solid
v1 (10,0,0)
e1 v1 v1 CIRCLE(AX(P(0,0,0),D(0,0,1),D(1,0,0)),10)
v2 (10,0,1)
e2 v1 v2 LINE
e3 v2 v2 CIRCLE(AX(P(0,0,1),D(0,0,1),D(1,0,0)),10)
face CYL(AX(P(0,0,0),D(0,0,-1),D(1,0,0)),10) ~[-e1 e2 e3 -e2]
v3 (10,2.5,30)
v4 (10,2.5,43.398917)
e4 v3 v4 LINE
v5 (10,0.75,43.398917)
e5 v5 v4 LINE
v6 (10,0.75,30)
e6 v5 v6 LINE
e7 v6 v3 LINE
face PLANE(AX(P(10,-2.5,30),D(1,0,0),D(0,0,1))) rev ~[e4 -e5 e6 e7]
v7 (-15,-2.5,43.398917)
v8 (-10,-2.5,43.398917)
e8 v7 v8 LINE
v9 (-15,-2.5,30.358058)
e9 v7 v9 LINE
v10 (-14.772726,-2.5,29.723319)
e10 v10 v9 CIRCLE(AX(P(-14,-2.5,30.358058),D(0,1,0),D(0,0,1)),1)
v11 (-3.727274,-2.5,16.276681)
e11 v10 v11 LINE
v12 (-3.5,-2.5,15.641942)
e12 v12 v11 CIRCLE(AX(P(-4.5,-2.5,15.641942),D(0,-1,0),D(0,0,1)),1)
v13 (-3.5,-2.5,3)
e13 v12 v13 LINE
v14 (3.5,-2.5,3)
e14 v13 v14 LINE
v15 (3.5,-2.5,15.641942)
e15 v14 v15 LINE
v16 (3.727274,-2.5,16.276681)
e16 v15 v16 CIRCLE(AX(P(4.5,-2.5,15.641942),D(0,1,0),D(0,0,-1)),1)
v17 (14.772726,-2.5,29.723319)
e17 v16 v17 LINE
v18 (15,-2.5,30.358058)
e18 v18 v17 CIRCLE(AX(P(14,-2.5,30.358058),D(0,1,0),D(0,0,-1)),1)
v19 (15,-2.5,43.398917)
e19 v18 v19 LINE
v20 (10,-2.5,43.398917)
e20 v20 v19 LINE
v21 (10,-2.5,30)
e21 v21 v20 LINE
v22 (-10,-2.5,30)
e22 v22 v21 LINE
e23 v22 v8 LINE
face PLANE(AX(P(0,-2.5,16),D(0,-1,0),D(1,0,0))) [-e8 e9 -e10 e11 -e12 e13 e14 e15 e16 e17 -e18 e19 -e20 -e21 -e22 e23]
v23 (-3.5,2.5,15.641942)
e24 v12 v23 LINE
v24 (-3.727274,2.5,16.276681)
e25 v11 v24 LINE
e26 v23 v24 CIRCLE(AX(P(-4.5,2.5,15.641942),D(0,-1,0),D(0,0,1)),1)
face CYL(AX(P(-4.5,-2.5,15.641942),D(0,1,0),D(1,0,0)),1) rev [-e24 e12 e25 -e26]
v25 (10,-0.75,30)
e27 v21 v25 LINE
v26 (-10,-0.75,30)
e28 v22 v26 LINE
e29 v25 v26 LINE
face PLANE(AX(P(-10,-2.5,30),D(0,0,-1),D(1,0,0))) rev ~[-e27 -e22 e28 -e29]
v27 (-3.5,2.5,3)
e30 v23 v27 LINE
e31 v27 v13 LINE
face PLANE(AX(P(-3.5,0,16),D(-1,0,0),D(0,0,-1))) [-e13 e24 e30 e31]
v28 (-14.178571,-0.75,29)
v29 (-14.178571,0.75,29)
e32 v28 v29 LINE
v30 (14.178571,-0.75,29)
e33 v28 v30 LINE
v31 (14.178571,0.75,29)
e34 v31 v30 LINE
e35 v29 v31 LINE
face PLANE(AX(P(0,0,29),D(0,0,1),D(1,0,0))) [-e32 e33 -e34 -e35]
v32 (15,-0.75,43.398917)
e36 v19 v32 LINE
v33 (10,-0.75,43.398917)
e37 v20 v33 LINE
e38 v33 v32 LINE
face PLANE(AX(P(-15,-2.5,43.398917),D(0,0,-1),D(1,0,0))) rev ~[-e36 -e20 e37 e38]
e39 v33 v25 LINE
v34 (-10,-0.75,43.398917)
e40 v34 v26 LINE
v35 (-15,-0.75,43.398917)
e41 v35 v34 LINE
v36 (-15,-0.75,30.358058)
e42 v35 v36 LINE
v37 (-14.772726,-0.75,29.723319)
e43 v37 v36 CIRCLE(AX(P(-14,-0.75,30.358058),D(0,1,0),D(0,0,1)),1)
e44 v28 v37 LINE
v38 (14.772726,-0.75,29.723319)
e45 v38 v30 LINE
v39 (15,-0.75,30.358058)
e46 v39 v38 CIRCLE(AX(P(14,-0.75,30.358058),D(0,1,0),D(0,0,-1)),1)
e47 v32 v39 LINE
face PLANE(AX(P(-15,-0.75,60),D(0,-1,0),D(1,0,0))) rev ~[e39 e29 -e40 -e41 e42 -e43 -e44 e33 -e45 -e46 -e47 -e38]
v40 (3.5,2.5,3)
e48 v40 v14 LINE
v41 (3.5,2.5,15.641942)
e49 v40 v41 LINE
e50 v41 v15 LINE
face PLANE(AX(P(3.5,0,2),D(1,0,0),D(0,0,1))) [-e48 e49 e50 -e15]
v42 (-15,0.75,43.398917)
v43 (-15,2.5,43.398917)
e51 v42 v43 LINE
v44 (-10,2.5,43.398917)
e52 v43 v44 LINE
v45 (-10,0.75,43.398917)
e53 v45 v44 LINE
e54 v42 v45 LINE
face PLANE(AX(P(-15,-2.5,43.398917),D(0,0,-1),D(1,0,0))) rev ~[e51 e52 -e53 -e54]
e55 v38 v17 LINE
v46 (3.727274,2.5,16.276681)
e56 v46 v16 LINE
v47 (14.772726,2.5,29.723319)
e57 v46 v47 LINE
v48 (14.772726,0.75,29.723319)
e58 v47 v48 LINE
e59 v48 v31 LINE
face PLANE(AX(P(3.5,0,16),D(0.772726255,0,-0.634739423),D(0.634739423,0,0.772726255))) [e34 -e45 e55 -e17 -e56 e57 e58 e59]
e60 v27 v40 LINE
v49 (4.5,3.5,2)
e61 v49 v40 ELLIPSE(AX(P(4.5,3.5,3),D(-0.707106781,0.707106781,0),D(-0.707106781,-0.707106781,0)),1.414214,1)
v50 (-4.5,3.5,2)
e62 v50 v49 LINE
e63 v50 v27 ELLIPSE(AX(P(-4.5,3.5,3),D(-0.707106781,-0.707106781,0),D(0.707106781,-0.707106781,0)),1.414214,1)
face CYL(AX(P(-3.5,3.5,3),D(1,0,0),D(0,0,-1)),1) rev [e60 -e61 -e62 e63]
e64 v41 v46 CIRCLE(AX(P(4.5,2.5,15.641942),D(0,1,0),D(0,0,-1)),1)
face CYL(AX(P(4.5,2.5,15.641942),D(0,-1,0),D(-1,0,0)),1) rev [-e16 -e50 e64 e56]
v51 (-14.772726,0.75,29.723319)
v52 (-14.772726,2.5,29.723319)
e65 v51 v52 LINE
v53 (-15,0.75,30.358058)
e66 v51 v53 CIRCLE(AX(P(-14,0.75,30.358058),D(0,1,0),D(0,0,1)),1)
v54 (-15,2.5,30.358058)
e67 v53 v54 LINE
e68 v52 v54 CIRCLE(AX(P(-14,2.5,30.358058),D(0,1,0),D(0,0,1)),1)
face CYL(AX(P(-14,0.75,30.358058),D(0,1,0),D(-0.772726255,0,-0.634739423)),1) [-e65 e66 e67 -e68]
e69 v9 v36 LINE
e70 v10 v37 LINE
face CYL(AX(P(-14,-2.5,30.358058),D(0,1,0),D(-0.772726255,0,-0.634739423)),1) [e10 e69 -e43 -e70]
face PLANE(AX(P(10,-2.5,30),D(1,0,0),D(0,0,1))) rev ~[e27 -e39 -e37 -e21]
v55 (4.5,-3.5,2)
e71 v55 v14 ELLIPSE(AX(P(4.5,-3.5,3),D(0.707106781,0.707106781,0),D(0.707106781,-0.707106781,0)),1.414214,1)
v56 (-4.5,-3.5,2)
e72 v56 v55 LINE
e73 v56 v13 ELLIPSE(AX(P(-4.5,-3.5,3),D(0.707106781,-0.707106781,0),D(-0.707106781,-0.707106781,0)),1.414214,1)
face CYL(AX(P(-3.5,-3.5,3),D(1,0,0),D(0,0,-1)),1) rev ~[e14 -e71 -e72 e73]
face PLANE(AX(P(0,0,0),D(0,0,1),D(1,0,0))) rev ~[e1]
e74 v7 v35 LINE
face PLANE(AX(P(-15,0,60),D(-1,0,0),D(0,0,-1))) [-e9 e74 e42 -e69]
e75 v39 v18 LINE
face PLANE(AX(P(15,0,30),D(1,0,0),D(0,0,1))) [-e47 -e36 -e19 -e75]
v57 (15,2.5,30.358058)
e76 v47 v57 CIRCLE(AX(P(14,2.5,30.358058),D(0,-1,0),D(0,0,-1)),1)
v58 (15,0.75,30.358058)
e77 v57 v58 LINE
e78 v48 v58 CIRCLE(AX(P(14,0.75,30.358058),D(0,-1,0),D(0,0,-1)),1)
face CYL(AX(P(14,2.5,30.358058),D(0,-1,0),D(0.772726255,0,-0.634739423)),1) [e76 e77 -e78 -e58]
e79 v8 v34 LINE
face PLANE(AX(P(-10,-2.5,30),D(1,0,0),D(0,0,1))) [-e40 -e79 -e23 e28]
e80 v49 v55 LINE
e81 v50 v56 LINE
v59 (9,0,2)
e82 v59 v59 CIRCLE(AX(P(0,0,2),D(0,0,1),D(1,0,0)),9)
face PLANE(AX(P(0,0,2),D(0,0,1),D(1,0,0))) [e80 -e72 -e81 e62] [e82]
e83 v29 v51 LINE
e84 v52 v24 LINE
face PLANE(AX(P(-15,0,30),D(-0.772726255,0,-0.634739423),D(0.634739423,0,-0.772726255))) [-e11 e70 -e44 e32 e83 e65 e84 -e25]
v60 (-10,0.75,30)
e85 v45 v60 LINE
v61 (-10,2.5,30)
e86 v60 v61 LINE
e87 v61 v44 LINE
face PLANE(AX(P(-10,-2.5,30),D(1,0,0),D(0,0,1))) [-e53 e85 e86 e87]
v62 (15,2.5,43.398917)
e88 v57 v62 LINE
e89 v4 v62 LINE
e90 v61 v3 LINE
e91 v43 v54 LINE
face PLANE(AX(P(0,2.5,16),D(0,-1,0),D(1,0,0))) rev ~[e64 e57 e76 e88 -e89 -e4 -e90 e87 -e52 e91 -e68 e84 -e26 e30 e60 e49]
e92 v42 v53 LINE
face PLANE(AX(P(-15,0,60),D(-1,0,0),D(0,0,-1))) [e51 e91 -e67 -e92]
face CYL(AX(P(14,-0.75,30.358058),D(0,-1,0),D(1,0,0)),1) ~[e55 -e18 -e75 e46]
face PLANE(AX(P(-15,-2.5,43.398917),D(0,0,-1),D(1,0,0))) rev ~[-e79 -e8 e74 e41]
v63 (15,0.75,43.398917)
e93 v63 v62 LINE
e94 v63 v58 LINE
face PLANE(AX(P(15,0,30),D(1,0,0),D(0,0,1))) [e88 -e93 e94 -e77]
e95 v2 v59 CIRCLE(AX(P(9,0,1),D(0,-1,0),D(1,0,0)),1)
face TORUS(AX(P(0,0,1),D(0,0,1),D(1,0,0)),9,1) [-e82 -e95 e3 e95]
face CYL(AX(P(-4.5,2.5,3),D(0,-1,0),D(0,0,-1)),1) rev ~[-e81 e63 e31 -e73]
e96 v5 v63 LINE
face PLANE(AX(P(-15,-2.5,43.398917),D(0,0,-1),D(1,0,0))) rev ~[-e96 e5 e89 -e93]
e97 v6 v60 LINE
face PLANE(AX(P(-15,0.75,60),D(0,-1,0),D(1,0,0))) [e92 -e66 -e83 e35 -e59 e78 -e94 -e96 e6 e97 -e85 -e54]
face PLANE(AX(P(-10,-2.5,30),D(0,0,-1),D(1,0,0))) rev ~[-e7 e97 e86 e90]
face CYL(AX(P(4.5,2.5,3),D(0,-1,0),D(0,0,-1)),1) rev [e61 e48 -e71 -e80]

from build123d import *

# Parameters (mm, degrees)
F0_R     = 10
F1_DEPTH = 2
F3_DEPTH = 2.5
F4_W     = 20
F4_H     = 30
F5_DEPTH = 12.501
F6_W     = 30
F6_H     = 1.5
F7_DEPTH = 31
F8_W     = 30
F8_H     = 16.6010832787
F9_DEPTH = 12.501
F10_R    = 1


with BuildPart() as f1:
    # F0 (on Top) → F1 (new body)
    with BuildSketch(Plane.XY):
        Circle(F0_R)
    extrude(amount=F1_DEPTH)

    # F2 (on Front) → F3 (join, symmetric)
    with BuildSketch(Plane.XZ):
        Polygon((3.5, 30), (-3.5, 30), (-3.5, 16), (-3.5, 2), (3.5, 2), (3.5, 16), align=None)
        Polygon((-15, 30), (-3.5, 30), (3.5, 30), (15, 30), (15, 60), (-15, 60), align=None)
        Polygon((-3.5, 16), (-3.5, 30), (-15, 30), align=None)
        Polygon((15, 30), (3.5, 30), (3.5, 16), align=None)
    extrude(amount=F3_DEPTH, both=True)

    # F4 (on face) → F5 (cut, through all)
    with BuildSketch(Plane.XZ.offset(2.5)):
        with Locations((0, 45)):
            Rectangle(F4_W, F4_H)
    extrude(amount=-F5_DEPTH, mode=Mode.SUBTRACT)

    # F6 (on face) → F7 (cut)
    with BuildSketch(Plane.XY.offset(60)):
        Rectangle(F6_W, F6_H)
    extrude(amount=-F7_DEPTH, mode=Mode.SUBTRACT)

    # F8 (on face) → F9 (cut, through all)
    with BuildSketch(Plane.XZ.offset(2.5)):
        with Locations((0, 51.6994583607)):
            Rectangle(F8_W, F8_H)
    extrude(amount=-F9_DEPTH, mode=Mode.SUBTRACT)

    # F10
    f10_edges = [f1.edges().sort_by_distance(p)[0] for p in [
        (-10, 0, 2),
        (-3.5, 0, 2),
        (0, -2.5, 2),
        (3.5, 0, 2),
        (0, 2.5, 2),
        (-3.5, 0, 16),
        (3.5, 0, 16),
        (15, -1.625, 30),
        (15, 1.625, 30),
        (-15, -1.625, 30),
        (-15, 1.625, 30),
    ]]
    fillet(f10_edges, radius=F10_R)


solid = f1.part
